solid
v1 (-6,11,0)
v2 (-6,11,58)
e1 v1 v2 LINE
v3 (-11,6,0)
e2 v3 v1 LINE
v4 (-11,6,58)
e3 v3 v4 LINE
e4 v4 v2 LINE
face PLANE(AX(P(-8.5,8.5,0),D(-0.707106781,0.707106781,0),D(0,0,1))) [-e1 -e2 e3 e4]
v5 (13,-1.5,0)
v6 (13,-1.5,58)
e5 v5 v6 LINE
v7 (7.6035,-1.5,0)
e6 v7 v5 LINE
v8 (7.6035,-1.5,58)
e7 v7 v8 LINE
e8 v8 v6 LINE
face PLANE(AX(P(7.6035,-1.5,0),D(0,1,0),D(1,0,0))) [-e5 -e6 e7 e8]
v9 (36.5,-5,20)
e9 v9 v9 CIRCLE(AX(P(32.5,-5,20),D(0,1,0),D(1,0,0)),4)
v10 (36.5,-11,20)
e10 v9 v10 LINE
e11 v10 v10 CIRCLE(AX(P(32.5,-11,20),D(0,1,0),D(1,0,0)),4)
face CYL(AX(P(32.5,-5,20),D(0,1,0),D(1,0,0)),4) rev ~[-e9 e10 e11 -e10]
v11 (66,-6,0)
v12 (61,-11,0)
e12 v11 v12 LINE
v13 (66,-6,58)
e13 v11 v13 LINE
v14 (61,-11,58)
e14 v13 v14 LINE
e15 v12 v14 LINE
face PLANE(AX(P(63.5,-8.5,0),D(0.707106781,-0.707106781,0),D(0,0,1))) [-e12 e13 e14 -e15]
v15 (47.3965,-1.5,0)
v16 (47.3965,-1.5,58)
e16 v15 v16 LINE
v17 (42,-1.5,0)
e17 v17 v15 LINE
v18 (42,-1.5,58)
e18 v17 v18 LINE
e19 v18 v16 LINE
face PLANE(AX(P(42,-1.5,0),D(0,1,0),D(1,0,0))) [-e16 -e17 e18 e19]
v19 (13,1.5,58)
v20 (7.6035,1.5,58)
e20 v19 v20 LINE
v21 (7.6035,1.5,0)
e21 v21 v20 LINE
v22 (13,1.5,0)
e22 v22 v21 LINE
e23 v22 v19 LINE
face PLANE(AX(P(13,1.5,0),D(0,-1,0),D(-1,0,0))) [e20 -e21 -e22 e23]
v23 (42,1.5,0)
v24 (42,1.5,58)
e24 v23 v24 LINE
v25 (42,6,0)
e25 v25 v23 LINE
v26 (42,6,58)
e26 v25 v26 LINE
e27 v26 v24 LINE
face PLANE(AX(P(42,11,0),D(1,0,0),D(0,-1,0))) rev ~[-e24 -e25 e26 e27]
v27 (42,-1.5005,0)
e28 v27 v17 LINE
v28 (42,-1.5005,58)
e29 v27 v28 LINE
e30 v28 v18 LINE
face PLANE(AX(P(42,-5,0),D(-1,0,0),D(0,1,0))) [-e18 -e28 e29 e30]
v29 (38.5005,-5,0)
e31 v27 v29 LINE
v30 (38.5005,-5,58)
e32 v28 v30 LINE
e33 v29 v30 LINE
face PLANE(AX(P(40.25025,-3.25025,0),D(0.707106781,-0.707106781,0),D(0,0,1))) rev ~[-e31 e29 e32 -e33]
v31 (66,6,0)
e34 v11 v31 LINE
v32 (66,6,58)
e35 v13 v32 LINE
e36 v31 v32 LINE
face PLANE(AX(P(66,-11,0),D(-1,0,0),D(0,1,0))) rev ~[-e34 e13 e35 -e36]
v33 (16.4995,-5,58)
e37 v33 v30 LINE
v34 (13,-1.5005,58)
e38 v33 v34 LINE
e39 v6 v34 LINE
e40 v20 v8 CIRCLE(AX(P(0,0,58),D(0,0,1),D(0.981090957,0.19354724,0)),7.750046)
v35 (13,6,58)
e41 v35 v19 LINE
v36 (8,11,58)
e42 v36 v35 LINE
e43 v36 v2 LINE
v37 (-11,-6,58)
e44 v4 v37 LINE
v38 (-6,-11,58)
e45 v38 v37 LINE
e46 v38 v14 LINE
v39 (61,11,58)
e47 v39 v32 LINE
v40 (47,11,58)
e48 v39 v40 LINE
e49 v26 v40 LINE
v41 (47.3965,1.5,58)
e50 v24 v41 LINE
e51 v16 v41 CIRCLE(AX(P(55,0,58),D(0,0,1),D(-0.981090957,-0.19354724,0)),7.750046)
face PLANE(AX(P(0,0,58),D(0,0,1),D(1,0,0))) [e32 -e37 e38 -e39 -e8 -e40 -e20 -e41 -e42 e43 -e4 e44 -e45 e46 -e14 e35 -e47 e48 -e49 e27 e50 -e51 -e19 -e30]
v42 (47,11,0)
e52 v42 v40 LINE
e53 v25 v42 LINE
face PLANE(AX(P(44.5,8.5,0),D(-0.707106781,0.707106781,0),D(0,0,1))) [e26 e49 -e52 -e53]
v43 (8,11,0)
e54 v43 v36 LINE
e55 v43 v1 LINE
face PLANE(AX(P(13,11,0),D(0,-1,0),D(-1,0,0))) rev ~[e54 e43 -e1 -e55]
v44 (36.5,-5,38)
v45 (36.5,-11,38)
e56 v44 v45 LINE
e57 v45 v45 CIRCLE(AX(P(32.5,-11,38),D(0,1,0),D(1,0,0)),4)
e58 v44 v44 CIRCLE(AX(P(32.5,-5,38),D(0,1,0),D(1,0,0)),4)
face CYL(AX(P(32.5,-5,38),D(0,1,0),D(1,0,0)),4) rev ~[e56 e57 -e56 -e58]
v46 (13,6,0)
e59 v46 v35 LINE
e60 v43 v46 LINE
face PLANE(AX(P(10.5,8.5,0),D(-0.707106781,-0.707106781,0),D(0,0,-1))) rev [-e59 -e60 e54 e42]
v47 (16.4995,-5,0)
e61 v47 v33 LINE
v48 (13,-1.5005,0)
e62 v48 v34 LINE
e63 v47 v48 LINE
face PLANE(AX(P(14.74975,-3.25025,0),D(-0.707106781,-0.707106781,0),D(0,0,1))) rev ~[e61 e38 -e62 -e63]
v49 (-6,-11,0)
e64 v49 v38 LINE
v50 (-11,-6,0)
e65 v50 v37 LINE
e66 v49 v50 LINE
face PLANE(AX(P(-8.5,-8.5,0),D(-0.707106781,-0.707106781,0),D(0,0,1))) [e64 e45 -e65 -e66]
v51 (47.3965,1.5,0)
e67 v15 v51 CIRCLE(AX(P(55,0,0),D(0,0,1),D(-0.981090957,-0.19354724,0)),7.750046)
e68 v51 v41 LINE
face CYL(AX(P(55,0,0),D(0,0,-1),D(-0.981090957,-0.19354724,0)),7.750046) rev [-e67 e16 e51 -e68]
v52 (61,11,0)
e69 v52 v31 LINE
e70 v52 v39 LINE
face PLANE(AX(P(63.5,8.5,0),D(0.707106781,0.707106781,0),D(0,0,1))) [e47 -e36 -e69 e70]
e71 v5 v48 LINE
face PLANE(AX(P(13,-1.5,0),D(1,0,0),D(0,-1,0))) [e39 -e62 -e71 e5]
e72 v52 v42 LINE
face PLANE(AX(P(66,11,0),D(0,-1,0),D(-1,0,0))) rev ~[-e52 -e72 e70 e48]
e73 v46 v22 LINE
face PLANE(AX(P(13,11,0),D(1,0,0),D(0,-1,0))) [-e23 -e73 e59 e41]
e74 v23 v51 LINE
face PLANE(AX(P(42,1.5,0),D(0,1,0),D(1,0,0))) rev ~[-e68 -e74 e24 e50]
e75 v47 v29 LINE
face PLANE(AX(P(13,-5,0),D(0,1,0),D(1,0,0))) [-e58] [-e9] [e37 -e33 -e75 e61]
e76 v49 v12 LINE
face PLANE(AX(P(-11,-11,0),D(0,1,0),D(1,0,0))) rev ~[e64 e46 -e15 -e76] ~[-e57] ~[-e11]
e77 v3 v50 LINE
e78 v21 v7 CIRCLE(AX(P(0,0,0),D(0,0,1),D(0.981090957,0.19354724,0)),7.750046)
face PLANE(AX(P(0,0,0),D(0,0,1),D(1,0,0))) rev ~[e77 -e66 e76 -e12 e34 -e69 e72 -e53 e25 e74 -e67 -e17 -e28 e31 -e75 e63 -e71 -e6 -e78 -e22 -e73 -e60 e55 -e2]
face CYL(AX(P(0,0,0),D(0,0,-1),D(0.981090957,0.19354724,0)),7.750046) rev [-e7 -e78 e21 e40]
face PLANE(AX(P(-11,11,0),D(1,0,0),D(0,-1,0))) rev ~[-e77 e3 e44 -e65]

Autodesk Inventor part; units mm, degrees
ref_plane "YZ Plane" through (0, 0, 0) normal (1, 0, 0) x (0, 1, 0)
ref_plane "XZ Plane" through (0, 0, 0) normal (0, 1, 0) x (-1, 0, 0)
ref_plane "XY Plane" through (0, 0, 0) normal (0, 0, 1) x (1, 0, 0)
sketch "Sketch1" plane through (0, 0, 0) normal (0, 0, 1) x (1, 0, 0)
  arc A0 (7.6035, 1.5) -> (7.6035, -1.5) centre (0, 0) ccw
  arc A1 (47.3965, -1.5) -> (47.3965, 1.5) centre (55, 0) ccw
  line L0 (-11, -11) -> (66, -11)
  line L1 (66, -11) -> (66, 11)
  line L2 (66, 11) -> (42, 11)
  line L3 (42, 11) -> (42, 1.5)
  line L4 (42, 1.5) -> (47.3965, 1.5)
  line L5 (13, 11) -> (-11, 11)
  line L6 (-11, 11) -> (-11, -11)
  line L7 (13, 11) -> (13, 1.5)
  line L8 (13, 1.5) -> (7.6035, 1.5)
  line L9 (7.6035, -1.5) -> (13, -1.5)
  line L10 (13, -1.5) -> (13, -5)
  line L11 (13, -5) -> (42, -5)
  line L12 (42, -5) -> (42, -1.5)
  line L13 (42, -1.5) -> (47.3965, -1.5)
  dimension "d0" = 15.5
  dimension "d1" = 55
  dimension "d2" = 11
  dimension "d3" = 11
  dimension "d4" = 11
  dimension "d7" = 1.5
  dimension "d8" = 1.5
  dimension "d9" = 13
  dimension "d10" = 13
  dimension "d11" = 6
extrude "Extrusion1" add sketch "Sketch1" along normal blind 58
chamfer "Chamfer1" distance 5 angle 45 6 edges at (-11, 11, 29) (-11, -11, 29) (66, 11, 29) (66, -11, 29) (42, 11, 29) (13, 11, 29)
chamfer "Chamfer2" distance 3.5 angle 45 2 edges at (42, -5, 29) (13, -5, 29)
sketch "Sketch2" plane through (16.5, -5, 0) normal (0, 1, 0) x (1, 0, 0)
  line L0 (22, 0) -> (22, -58) projected
  line L1 (22, 0) -> (0, 0) projected
  circle A0 centre (16, -20) radius 4
  circle A1 centre (16, -38) radius 4
  point P0 (-16.5, 0)
  dimension "d20" = 8
  dimension "d21" = 6
  dimension "d22" = 20
  dimension "d23" = 18
extrude "Extrusion2" cut sketch "Sketch2" against normal up to next
properties part number "ChimeraXCarriageLowTest"
